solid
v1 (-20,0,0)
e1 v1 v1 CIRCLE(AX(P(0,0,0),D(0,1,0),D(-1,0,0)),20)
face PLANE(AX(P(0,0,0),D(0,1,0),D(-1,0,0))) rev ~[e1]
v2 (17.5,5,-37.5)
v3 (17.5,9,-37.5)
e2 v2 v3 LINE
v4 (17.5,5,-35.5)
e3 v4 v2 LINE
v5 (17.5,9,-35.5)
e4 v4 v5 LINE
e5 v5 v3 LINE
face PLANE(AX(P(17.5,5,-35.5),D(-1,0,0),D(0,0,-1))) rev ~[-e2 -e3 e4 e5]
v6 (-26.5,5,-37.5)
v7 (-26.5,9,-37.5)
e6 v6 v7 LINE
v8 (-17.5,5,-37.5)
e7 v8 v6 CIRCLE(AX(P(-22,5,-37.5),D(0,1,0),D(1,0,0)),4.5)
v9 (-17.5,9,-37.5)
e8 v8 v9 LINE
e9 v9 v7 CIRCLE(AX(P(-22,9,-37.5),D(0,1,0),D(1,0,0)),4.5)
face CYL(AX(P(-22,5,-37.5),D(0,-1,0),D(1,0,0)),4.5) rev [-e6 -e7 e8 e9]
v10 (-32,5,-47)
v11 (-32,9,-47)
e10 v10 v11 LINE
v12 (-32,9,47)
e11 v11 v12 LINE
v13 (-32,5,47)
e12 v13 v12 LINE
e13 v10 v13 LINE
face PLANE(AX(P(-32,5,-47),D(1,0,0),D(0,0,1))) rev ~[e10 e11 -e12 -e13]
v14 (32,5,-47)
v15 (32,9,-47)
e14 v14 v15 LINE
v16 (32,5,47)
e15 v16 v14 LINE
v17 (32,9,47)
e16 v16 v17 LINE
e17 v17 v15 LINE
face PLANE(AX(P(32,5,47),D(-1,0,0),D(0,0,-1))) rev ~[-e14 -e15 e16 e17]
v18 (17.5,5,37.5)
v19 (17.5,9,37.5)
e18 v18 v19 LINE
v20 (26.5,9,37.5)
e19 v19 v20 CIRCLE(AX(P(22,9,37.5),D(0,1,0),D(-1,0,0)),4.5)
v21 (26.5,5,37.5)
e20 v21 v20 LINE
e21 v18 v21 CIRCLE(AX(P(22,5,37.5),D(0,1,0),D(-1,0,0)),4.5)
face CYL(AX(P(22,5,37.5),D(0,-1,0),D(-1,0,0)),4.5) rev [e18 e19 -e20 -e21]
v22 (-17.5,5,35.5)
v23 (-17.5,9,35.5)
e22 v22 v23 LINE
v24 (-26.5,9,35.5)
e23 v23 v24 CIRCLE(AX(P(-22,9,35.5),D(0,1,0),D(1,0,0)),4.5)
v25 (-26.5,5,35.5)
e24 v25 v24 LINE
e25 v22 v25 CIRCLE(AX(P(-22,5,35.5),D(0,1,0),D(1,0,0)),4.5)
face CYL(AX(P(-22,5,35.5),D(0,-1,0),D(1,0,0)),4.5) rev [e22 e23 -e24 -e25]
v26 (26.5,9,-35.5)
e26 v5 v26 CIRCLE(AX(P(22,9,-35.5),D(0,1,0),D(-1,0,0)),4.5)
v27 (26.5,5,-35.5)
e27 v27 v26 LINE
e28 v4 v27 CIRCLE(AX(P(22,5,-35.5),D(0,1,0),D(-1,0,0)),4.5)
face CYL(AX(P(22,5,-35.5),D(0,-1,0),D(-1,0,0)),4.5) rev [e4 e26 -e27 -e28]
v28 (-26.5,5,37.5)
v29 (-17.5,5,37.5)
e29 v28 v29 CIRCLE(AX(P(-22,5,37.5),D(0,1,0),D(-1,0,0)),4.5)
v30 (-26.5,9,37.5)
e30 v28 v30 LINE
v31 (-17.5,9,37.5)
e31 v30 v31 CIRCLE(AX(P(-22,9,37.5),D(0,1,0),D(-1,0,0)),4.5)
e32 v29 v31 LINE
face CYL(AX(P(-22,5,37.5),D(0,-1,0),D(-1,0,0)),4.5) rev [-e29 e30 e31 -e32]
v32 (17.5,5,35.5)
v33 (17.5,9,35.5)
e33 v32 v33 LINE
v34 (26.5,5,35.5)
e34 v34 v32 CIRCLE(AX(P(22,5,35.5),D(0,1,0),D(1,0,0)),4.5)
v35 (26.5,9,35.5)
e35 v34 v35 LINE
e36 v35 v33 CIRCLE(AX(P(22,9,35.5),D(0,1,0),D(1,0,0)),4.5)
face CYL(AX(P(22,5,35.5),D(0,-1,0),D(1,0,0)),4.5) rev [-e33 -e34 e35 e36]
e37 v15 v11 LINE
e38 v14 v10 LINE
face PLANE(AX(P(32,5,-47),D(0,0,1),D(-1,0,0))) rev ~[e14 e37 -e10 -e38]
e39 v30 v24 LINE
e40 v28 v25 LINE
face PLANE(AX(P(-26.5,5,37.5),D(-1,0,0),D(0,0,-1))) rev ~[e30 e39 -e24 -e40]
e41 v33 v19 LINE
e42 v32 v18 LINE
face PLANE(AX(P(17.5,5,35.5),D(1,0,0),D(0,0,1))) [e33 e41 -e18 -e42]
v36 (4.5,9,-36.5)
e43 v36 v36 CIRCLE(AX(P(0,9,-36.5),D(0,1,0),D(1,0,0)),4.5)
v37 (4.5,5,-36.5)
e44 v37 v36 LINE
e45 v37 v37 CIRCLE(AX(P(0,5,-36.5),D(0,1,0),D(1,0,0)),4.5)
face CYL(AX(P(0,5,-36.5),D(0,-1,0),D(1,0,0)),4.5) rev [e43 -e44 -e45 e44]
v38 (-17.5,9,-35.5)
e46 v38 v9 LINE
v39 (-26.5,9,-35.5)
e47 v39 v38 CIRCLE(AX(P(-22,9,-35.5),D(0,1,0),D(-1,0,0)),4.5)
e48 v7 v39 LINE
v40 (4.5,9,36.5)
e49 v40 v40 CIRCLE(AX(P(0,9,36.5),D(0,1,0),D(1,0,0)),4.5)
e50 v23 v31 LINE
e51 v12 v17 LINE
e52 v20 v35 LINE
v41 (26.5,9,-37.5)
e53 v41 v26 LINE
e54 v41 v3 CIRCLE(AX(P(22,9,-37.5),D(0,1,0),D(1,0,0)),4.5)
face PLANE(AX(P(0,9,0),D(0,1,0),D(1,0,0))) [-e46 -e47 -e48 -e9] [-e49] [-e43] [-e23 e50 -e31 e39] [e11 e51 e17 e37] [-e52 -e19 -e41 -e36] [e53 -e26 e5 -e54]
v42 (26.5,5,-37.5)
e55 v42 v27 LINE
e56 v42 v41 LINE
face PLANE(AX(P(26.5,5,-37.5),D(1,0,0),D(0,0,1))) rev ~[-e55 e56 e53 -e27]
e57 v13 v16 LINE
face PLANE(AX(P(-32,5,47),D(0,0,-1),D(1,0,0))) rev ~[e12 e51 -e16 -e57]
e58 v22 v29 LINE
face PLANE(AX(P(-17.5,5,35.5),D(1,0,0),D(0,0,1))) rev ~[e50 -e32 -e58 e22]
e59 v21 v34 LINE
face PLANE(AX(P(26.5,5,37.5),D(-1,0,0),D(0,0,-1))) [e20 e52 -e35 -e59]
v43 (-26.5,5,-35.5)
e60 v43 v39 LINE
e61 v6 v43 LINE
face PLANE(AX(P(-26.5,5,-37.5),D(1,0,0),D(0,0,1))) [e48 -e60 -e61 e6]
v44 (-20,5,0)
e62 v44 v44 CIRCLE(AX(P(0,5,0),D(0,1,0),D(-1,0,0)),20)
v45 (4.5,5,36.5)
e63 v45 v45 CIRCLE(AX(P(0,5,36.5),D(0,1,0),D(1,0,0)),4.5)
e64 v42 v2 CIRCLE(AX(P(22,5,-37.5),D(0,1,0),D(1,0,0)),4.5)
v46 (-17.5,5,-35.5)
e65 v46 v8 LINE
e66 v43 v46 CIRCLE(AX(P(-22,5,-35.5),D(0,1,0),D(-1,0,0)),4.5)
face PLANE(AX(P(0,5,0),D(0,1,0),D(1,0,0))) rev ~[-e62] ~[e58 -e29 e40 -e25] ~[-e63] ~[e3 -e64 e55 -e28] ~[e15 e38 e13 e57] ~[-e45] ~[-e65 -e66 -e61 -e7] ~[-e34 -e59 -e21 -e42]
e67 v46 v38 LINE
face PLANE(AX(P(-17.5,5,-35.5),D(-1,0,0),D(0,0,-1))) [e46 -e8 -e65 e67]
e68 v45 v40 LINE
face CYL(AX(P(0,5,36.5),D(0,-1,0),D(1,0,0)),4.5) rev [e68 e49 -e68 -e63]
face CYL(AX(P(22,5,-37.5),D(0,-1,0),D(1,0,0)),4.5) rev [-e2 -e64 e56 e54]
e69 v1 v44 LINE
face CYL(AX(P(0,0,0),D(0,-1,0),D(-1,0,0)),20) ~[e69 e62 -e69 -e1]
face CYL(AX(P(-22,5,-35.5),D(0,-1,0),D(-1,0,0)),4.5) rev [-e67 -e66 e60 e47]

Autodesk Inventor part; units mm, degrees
ref_plane "YZ Plane" through (0, 0, 0) normal (1, 0, 0) x (0, 1, 0)
ref_plane "XZ Plane" through (0, 0, 0) normal (0, 1, 0) x (-1, 0, 0)
ref_plane "XY Plane" through (0, 0, 0) normal (0, 0, 1) x (1, 0, 0)
sketch "Sketch1" plane through (0, 0, 0) normal (0, 1, 0) x (-1, 0, 0)
  circle A0 centre (0, 0) radius 20
  dimension "d0" = 40
extrude "Extrusion1" add sketch "Sketch1" along normal blind 5
sketch "Sketch2" plane through (0, 5, 0) normal (0, 1, 0) x (1, 0, 0)
  line L0 (-32, -47) -> (32, -47)
  line L1 (32, -47) -> (32, 47)
  line L2 (32, 47) -> (-32, 47)
  line L3 (-32, 47) -> (-32, -47)
  line L4 (-32, -47) -> (32, 47) construction
  line L5 (32, -47) -> (-32, 47) construction
  line L6 (-22, -36.5) -> (22, -36.5) construction
  line L7 (22, -36.5) -> (22, 36.5) construction
  line L8 (22, 36.5) -> (-22, 36.5) construction
  line L9 (-22, 36.5) -> (-22, -36.5) construction
  line L10 (-22, -36.5) -> (22, 36.5) construction
  line L11 (22, -36.5) -> (-22, 36.5) construction
  line L12 (-22, 35.5) -> (-22, 37.5) construction
  line L13 (-17.5, 35.5) -> (-17.5, 37.5)
  line L14 (-26.5, 37.5) -> (-26.5, 35.5)
  arc A0 (-26.5, 35.5) -> (-17.5, 35.5) centre (-22, 35.5) ccw
  arc A1 (-17.5, 37.5) -> (-26.5, 37.5) centre (-22, 37.5) ccw
  line L15 (-32, 0) -> (32, 0) construction
  line L16 (0, 47) -> (0, -47) construction
  line L17 (17.5, 35.5) -> (17.5, 37.5)
  line L18 (26.5, 37.5) -> (26.5, 35.5)
  arc A2 (17.5, 35.5) -> (26.5, 35.5) centre (22, 35.5) ccw
  arc A3 (26.5, 37.5) -> (17.5, 37.5) centre (22, 37.5) ccw
  line L19 (-17.5, -35.5) -> (-17.5, -37.5)
  line L20 (-26.5, -37.5) -> (-26.5, -35.5)
  arc A4 (-17.5, -35.5) -> (-26.5, -35.5) centre (-22, -35.5) ccw
  arc A5 (-26.5, -37.5) -> (-17.5, -37.5) centre (-22, -37.5) ccw
  arc A6 (17.5, -37.5) -> (26.5, -37.5) centre (22, -37.5) ccw
  line L21 (26.5, -37.5) -> (26.5, -35.5)
  arc A7 (26.5, -35.5) -> (17.5, -35.5) centre (22, -35.5) ccw
  line L22 (17.5, -35.5) -> (17.5, -37.5)
  circle A8 centre (0, 36.5) radius 4.5
  circle A9 centre (0, -36.5) radius 4.5
  point P0 (0, 0)
  dimension "d3" = 64
  dimension "d4" = 94
  dimension "d5" = 44
  dimension "d6" = 73
  dimension "d7" = 1
  dimension "d8" = 9
  dimension "d9" = 9
  dimension "d10" = 9
extrude "Extrusion2" add sketch "Sketch2" along normal blind 4
properties part number "motor_bracket_upper" material "Steel, Alloy"
